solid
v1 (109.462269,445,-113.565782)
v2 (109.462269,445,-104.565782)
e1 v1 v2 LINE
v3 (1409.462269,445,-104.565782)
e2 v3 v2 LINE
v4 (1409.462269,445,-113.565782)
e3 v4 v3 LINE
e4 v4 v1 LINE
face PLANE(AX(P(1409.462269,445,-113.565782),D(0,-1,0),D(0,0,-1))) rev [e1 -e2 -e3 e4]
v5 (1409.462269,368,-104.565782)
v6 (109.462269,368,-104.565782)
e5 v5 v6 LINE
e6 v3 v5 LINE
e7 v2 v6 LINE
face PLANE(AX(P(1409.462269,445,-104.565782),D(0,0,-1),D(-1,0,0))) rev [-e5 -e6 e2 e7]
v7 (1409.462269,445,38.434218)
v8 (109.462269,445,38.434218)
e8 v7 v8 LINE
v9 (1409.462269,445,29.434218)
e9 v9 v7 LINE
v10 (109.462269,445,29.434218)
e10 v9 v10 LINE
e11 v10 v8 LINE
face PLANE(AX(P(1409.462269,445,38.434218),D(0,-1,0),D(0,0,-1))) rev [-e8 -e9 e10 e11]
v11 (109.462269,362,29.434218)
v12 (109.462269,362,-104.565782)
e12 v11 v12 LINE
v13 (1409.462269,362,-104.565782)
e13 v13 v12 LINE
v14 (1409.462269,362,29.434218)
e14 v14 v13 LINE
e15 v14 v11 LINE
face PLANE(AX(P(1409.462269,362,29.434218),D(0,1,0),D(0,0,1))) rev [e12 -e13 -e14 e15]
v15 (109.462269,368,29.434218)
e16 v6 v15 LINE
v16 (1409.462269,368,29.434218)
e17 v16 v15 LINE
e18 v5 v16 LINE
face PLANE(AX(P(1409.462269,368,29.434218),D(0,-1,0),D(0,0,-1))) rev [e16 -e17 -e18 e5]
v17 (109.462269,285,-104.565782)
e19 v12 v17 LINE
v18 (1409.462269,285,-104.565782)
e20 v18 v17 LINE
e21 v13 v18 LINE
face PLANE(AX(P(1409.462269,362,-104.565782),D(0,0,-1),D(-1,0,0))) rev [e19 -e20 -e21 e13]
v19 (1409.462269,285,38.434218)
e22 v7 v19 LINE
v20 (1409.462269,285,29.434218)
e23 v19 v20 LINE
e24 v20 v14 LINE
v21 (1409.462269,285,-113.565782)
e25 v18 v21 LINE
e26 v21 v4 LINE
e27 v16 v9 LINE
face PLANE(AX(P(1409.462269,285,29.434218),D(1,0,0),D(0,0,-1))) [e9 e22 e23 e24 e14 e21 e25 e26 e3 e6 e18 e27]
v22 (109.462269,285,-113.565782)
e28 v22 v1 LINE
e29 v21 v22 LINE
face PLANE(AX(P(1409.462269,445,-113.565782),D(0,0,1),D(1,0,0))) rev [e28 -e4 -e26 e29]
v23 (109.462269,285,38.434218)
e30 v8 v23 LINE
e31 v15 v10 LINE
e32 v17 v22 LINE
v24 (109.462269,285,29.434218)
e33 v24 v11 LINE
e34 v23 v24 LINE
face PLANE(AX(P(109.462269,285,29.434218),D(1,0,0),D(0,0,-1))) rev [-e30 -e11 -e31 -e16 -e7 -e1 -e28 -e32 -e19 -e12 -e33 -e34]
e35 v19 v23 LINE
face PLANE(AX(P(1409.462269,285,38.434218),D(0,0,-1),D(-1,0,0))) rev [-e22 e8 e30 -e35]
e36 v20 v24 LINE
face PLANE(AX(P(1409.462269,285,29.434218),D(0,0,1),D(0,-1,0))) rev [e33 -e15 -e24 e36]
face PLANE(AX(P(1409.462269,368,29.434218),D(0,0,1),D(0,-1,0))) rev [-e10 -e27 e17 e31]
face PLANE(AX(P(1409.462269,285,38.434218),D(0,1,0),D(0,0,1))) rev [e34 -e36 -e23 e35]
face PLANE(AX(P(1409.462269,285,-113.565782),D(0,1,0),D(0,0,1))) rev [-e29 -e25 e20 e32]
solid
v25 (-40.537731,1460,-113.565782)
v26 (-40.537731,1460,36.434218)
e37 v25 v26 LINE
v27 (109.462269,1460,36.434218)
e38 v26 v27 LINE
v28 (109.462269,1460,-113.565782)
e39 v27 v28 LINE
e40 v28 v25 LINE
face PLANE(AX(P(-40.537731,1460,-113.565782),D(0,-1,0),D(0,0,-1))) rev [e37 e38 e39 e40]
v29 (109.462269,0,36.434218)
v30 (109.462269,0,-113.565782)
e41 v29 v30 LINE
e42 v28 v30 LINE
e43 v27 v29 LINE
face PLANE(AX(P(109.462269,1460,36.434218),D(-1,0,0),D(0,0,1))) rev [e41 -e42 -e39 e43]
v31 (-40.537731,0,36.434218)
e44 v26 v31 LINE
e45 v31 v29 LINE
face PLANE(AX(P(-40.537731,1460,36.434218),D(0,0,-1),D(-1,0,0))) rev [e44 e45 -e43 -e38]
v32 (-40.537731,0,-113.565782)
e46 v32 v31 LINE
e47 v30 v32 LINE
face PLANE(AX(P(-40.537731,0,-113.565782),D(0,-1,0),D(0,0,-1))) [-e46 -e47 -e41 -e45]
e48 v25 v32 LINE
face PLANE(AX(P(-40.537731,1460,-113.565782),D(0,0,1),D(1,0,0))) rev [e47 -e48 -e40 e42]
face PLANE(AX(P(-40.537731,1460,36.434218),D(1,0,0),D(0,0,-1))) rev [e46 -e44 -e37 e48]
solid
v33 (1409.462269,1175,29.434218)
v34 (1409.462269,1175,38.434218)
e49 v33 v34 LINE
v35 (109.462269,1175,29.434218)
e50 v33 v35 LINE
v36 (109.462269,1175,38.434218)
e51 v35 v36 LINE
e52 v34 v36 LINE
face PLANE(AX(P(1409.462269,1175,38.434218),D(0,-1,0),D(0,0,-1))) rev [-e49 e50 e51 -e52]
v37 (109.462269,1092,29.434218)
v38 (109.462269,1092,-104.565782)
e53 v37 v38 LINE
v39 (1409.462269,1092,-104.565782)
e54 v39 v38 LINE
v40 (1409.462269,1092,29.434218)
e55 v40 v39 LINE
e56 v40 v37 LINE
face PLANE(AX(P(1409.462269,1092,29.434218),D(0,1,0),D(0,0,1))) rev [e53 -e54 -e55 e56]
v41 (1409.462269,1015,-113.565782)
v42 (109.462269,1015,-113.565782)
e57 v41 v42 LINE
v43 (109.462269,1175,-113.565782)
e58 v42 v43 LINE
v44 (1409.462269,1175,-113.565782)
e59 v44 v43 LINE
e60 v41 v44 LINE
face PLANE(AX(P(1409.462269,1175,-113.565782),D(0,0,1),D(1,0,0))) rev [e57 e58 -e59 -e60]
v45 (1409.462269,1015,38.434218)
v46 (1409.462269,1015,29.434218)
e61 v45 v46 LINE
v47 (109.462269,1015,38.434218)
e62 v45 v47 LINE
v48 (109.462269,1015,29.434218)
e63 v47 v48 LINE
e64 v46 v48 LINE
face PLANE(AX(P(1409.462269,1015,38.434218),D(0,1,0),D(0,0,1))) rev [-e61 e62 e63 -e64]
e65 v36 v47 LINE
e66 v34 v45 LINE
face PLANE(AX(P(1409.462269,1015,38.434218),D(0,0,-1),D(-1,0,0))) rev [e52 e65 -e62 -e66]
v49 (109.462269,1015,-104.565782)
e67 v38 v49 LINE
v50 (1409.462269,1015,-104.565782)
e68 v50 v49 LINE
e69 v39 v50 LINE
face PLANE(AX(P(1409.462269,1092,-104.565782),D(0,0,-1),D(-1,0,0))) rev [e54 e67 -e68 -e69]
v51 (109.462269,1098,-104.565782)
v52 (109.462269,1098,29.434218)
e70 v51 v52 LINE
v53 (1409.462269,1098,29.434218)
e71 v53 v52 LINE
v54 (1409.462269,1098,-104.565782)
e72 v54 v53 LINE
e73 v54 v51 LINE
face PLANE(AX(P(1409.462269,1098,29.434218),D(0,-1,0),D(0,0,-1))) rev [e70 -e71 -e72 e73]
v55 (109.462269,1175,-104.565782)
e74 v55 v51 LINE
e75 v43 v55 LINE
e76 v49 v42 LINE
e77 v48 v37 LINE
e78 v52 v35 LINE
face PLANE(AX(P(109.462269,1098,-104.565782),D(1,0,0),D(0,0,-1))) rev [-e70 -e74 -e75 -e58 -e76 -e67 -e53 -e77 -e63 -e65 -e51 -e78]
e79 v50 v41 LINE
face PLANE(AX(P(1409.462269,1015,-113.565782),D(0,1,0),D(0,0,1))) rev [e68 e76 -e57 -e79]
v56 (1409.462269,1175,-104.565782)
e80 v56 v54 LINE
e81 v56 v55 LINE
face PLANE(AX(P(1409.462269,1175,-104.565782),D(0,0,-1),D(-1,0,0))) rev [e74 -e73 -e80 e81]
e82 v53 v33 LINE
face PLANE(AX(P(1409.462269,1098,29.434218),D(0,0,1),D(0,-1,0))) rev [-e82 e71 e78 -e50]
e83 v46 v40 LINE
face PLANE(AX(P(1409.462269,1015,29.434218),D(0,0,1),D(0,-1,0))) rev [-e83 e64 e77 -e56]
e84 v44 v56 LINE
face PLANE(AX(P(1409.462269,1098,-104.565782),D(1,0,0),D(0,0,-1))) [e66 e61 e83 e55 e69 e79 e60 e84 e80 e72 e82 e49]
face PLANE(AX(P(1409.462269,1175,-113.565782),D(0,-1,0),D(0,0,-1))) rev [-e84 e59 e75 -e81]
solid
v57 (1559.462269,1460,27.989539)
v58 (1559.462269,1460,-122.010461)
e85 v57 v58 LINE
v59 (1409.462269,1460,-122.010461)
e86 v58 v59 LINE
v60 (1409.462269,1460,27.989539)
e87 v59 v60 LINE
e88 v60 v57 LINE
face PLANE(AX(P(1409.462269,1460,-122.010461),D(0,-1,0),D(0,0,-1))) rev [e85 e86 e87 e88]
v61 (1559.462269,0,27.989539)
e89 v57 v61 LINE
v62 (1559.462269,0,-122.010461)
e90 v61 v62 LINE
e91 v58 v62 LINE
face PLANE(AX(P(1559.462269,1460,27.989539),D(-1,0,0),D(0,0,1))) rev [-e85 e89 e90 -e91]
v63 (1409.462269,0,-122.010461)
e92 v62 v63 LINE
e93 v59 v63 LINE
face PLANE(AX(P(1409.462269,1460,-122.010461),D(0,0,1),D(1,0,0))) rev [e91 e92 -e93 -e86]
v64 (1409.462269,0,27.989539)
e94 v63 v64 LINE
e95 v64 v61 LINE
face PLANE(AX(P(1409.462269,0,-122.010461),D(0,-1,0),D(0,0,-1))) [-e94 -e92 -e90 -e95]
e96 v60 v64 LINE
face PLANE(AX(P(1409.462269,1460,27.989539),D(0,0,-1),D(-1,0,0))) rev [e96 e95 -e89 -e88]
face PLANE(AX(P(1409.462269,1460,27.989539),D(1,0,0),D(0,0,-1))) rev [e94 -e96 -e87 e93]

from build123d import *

# Parameters (mm, degrees)
SKETCH1_W             = 150
SKETCH1_H             = 150
BOSS_EXTRUDE1_DEPTH   = 1460
BOSS_EXTRUDE1_2_DEPTH = 1460
BOSS_EXTRUDE2_DEPTH   = 1300
BOSS_EXTRUDE2_2_DEPTH = 1300


with BuildPart() as part:
    # Sketch1 → Boss-Extrude1 (new body)
    with BuildSketch(Plane(origin=(0, 0, 0), x_dir=(1, 0, 0), z_dir=(0, 1, 0))):
        with Locations((1484.462268864, 47.010460547)):
            Rectangle(SKETCH1_W, SKETCH1_H)
    extrude(amount=BOSS_EXTRUDE1_DEPTH)


with BuildPart() as body_2:
    # Sketch1 → Boss-Extrude1 2 (new body)
    with BuildSketch(Plane(origin=(0, 0, 0), x_dir=(1, 0, 0), z_dir=(0, 1, 0))):
        with Locations((34.462268864, 38.565781525)):
            Rectangle(SKETCH1_W, SKETCH1_H)
    extrude(amount=BOSS_EXTRUDE1_2_DEPTH)


with BuildPart() as body_3:
    # Sketch3 → Boss-Extrude2 (new body)
    with BuildSketch(Plane(origin=(109.462268864, 0, 0), x_dir=(0, 0, -1), z_dir=(1, 0, 0))):
        Polygon((-38.43421847, 284.99999996), (-38.43421847, 444.99999993), (-29.43421847, 444.99999993), (-29.43421847, 367.99999993), (104.565781535, 367.99999993), (104.565781535, 445.000000025), (113.565781515, 445.000000025), (113.565781515, 284.999999975), (104.565781535, 284.999999975), (104.565781535, 361.99999996), (-29.43421847, 361.99999996), (-29.43421847, 284.99999996), align=None)
    extrude(amount=BOSS_EXTRUDE2_DEPTH)


with BuildPart() as body_4:
    # Sketch3 → Boss-Extrude2 2 (new body)
    with BuildSketch(Plane(origin=(109.462268864, 0, 0), x_dir=(0, 0, -1), z_dir=(1, 0, 0))):
        Polygon((-29.43421847, 1097.99999993), (-29.43421847, 1174.99999993), (-38.43421847, 1174.99999993), (-38.43421847, 1014.99999996), (-29.43421847, 1014.99999996), (-29.43421847, 1091.99999996), (104.565781535, 1091.99999996), (104.565781535, 1014.999999975), (113.565781515, 1014.999999975), (113.565781515, 1175.000000025), (104.565781535, 1175.000000025), (104.565781535, 1097.99999993), align=None)
    extrude(amount=BOSS_EXTRUDE2_2_DEPTH)


solid = Compound([part.part, body_2.part, body_3.part, body_4.part])
